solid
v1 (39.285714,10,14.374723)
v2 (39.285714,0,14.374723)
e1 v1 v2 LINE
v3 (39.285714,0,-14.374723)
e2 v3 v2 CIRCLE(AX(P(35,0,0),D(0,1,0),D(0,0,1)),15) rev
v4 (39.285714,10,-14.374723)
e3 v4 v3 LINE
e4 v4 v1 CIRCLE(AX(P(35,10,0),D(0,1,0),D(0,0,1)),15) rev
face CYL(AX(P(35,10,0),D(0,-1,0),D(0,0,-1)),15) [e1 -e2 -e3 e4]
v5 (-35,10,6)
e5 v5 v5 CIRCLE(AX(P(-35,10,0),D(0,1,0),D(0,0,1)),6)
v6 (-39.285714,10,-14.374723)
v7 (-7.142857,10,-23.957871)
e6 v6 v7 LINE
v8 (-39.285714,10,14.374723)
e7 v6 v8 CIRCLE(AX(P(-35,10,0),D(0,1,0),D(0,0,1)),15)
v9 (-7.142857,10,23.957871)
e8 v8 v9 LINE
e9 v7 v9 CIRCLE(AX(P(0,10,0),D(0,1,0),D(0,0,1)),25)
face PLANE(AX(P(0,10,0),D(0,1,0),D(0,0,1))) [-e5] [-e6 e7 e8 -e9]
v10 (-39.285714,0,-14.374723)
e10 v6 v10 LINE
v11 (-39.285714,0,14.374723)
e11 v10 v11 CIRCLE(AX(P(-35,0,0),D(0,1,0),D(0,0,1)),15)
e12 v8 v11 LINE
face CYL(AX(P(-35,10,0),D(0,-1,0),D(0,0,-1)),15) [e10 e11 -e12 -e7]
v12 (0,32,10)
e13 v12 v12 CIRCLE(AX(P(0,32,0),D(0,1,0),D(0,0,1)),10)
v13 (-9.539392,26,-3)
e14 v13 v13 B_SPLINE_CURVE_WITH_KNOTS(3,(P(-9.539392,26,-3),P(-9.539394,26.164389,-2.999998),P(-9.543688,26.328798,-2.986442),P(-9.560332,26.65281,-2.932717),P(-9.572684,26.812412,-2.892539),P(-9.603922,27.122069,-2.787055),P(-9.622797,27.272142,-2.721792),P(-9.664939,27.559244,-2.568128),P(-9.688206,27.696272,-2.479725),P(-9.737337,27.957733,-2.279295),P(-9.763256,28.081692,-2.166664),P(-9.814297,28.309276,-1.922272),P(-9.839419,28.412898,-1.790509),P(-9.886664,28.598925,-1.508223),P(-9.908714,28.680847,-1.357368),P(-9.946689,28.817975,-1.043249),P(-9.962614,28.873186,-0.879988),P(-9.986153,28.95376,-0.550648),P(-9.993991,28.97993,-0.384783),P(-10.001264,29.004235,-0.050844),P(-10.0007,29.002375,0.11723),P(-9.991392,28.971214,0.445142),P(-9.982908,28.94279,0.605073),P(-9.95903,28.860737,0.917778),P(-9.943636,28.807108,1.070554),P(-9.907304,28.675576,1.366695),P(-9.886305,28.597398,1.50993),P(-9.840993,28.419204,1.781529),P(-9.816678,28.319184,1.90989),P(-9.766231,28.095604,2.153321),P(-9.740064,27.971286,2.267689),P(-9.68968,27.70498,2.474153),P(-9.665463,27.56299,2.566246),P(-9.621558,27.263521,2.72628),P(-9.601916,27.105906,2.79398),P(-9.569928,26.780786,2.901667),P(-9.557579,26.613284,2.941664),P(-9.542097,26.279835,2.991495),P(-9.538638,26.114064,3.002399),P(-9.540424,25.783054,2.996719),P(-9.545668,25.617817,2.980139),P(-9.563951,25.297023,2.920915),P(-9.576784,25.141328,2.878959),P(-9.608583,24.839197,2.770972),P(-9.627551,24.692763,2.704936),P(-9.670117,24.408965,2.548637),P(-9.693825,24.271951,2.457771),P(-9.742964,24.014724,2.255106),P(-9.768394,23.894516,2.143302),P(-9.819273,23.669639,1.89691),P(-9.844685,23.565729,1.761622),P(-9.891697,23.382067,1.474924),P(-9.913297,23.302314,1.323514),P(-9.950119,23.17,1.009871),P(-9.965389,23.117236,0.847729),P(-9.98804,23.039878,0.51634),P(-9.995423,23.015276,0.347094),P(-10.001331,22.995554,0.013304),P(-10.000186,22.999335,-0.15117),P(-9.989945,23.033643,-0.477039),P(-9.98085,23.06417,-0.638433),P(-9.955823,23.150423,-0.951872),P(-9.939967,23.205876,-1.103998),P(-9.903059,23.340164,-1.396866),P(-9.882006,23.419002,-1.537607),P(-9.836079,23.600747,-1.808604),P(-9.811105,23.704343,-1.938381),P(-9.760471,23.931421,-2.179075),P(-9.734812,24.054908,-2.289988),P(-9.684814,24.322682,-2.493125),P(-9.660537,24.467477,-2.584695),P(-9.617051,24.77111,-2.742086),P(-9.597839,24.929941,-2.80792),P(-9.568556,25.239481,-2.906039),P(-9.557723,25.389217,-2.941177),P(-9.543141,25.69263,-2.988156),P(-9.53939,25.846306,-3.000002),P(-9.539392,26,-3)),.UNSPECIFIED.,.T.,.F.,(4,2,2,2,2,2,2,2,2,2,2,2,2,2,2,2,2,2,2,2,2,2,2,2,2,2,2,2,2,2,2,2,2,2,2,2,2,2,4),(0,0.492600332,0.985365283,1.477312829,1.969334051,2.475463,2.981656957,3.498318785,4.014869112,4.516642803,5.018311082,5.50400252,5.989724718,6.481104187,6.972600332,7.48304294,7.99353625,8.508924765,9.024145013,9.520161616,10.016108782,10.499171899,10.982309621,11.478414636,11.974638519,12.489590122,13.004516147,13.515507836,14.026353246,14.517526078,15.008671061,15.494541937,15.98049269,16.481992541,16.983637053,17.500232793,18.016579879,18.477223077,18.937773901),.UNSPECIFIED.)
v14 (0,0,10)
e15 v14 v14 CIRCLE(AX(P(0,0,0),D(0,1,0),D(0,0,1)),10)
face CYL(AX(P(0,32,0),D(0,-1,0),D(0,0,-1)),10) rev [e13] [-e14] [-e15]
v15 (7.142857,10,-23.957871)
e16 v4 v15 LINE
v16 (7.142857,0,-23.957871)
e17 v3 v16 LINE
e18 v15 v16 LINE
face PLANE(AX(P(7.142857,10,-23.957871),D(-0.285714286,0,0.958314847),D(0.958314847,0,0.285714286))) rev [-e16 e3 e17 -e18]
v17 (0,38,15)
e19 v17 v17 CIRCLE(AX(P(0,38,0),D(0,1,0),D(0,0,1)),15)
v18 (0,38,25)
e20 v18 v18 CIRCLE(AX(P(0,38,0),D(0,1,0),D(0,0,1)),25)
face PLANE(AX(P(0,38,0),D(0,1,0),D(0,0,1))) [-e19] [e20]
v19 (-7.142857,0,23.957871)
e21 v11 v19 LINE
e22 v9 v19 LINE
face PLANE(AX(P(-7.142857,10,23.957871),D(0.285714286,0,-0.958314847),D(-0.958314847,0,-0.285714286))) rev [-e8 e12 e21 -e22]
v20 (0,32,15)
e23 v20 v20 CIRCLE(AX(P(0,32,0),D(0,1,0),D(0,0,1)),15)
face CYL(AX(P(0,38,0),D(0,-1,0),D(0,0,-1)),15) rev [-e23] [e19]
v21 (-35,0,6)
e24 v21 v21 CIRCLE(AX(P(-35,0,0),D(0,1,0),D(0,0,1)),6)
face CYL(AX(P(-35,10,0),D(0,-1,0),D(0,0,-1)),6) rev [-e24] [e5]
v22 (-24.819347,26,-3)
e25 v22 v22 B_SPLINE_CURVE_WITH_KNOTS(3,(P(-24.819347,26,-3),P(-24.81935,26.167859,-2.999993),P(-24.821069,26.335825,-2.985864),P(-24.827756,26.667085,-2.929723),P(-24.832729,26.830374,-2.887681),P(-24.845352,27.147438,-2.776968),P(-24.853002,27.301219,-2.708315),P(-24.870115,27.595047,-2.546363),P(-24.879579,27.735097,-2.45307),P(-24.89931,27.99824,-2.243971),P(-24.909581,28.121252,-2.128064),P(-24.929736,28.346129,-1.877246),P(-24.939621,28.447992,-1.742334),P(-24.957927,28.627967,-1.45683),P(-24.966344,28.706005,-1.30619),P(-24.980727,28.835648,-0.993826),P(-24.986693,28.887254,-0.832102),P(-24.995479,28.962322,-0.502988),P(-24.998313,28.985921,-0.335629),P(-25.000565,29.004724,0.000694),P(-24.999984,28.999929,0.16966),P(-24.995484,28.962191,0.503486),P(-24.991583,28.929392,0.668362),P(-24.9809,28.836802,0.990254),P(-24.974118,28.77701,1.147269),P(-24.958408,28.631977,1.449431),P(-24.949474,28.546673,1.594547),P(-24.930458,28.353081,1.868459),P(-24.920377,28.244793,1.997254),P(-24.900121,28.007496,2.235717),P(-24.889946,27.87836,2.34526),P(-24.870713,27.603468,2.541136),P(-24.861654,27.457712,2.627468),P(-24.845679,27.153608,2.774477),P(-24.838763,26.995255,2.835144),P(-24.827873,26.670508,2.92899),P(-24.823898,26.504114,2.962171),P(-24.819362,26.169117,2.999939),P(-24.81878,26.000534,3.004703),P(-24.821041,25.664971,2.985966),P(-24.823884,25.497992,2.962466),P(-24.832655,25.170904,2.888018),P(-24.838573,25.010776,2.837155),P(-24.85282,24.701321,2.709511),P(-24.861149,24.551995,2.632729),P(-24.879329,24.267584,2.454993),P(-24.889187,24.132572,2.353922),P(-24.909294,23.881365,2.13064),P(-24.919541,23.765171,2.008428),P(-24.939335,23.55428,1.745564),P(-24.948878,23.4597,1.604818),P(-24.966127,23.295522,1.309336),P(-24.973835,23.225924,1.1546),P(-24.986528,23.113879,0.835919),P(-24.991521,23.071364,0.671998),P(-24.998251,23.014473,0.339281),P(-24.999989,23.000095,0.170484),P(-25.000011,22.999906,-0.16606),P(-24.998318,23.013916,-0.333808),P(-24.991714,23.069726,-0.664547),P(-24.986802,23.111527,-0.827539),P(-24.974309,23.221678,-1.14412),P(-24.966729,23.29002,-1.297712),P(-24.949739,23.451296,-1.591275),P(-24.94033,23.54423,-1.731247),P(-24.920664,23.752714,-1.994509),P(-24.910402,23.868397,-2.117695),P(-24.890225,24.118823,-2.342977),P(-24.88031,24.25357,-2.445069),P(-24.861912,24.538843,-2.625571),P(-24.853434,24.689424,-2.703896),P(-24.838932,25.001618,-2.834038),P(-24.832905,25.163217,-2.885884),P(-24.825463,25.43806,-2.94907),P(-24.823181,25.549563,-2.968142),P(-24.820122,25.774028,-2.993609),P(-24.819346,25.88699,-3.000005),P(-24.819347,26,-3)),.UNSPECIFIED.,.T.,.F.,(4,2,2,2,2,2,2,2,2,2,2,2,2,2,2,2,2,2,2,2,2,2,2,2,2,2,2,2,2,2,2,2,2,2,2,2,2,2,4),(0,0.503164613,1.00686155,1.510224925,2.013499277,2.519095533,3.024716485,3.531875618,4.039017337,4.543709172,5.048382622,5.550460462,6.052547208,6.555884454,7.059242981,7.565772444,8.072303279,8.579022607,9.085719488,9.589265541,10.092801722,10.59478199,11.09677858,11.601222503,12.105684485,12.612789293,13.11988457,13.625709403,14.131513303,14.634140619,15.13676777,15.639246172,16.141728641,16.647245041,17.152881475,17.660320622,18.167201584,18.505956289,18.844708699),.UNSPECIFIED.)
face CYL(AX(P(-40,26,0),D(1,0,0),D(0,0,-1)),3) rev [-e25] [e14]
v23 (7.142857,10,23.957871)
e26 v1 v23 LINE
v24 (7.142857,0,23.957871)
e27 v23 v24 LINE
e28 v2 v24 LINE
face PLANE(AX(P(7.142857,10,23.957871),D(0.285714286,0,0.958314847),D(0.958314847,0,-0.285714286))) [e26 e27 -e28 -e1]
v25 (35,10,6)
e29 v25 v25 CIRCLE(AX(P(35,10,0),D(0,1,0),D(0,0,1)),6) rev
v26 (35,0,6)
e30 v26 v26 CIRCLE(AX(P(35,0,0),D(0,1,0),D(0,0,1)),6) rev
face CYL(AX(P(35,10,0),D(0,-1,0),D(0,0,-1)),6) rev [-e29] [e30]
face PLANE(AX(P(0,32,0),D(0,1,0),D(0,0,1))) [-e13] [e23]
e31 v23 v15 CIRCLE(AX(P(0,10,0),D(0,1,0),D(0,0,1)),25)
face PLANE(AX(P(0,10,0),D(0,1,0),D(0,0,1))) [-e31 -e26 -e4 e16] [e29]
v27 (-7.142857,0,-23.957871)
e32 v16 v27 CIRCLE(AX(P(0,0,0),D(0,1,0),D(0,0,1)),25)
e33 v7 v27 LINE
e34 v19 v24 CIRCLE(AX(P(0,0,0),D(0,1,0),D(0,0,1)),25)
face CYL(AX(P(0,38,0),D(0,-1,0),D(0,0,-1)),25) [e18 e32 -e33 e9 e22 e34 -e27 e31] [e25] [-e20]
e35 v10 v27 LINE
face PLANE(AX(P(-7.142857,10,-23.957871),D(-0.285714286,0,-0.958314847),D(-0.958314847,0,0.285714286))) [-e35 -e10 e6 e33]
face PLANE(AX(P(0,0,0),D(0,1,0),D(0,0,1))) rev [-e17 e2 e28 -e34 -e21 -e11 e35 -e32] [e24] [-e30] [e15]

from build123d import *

# Parameters (mm, degrees)
SKETCH1_R             = 6
BOSS_EXTRUDE1_DEPTH   = 10
BOSS_EXTRUDE1_2_DEPTH = 10
SKETCH1_3_R           = 15
BOSS_EXTRUDE2_DEPTH   = 38
SKETCH1_4_R           = 15
SKETCH1_4_R_2         = 10
BOSS_EXTRUDE3_DEPTH   = 32
SKETCH4_R             = 3
CUT_EXTRUDE1_DEPTH    = 40


with BuildPart() as part:
    # Sketch1 → Boss-Extrude1 (new body)
    with BuildSketch(Plane(origin=(0, 0, 0), x_dir=(1, 0, 0), z_dir=(0, 1, 0))):
        with BuildLine():
            Line((-7.142857143, 23.957871187), (-39.285714286, 14.374722712))
            ThreePointArc((-39.285714286, 14.374722712), (-50, 0), (-39.285714286, -14.374722712))
            Line((-39.285714286, -14.374722712), (-7.142857143, -23.957871187))
            ThreePointArc((-7.142857143, -23.957871187), (-25, 0), (-7.142857143, 23.957871187))
        make_face()
        with Locations((-35, 0)):
            Circle(SKETCH1_R, mode=Mode.SUBTRACT)
    extrude(amount=BOSS_EXTRUDE1_DEPTH)



with BuildPart() as body_2:
    # Sketch1 → Boss-Extrude1 2 (new body)
    with BuildSketch(Plane(origin=(0, 0, 0), x_dir=(1, 0, 0), z_dir=(0, 1, 0))):
        with BuildLine():
            Line((39.285714286, 14.374722712), (7.142857143, 23.957871187))
            ThreePointArc((7.142857143, 23.957871187), (25, 0), (7.142857143, -23.957871187))
            Line((7.142857143, -23.957871187), (39.285714286, -14.374722712))
            ThreePointArc((39.285714286, -14.374722712), (50, 0), (39.285714286, 14.374722712))
        make_face()
        with Locations((35, 0)):
            Circle(SKETCH1_R, mode=Mode.SUBTRACT)
    extrude(amount=BOSS_EXTRUDE1_2_DEPTH)


with BuildPart() as part_1:
    add(part.part)

    add(body_2.part)  # Boss-Extrude2 merges body 2
    # Sketch1<3> → Boss-Extrude2 (add)
    with BuildSketch(Plane(origin=(0, 0, 0), x_dir=(1, 0, 0), z_dir=(0, 1, 0))):
        with BuildLine():
            ThreePointArc((7.142857143, 23.957871187), (0, 25), (-7.142857143, 23.957871187))
            ThreePointArc((-7.142857143, 23.957871187), (-25, 0), (-7.142857143, -23.957871187))
            ThreePointArc((-7.142857143, -23.957871187), (0, -25), (7.142857143, -23.957871187))
            ThreePointArc((7.142857143, -23.957871187), (20.044593143, -14.940357617), (25, 0))
            ThreePointArc((25, 0), (20.044593143, 14.940357617), (7.142857143, 23.957871187))
        make_face()
        Circle(SKETCH1_3_R, mode=Mode.SUBTRACT)
    extrude(amount=BOSS_EXTRUDE2_DEPTH)

    # Sketch1<4> → Boss-Extrude3 (add)
    with BuildSketch(Plane(origin=(0, 0, 0), x_dir=(1, 0, 0), z_dir=(0, 1, 0))):
        Circle(SKETCH1_4_R)
        Circle(SKETCH1_4_R_2, mode=Mode.SUBTRACT)
    extrude(amount=BOSS_EXTRUDE3_DEPTH)

    # Sketch4 → Cut-Extrude1 (cut)
    with BuildSketch(Plane(origin=(0, 0, 0), x_dir=(0, 0, -1), z_dir=(1, 0, 0))):
        with Locations((0, 26)):
            Circle(SKETCH4_R)
    extrude(amount=-CUT_EXTRUDE1_DEPTH, mode=Mode.SUBTRACT)


solid = part_1.part
